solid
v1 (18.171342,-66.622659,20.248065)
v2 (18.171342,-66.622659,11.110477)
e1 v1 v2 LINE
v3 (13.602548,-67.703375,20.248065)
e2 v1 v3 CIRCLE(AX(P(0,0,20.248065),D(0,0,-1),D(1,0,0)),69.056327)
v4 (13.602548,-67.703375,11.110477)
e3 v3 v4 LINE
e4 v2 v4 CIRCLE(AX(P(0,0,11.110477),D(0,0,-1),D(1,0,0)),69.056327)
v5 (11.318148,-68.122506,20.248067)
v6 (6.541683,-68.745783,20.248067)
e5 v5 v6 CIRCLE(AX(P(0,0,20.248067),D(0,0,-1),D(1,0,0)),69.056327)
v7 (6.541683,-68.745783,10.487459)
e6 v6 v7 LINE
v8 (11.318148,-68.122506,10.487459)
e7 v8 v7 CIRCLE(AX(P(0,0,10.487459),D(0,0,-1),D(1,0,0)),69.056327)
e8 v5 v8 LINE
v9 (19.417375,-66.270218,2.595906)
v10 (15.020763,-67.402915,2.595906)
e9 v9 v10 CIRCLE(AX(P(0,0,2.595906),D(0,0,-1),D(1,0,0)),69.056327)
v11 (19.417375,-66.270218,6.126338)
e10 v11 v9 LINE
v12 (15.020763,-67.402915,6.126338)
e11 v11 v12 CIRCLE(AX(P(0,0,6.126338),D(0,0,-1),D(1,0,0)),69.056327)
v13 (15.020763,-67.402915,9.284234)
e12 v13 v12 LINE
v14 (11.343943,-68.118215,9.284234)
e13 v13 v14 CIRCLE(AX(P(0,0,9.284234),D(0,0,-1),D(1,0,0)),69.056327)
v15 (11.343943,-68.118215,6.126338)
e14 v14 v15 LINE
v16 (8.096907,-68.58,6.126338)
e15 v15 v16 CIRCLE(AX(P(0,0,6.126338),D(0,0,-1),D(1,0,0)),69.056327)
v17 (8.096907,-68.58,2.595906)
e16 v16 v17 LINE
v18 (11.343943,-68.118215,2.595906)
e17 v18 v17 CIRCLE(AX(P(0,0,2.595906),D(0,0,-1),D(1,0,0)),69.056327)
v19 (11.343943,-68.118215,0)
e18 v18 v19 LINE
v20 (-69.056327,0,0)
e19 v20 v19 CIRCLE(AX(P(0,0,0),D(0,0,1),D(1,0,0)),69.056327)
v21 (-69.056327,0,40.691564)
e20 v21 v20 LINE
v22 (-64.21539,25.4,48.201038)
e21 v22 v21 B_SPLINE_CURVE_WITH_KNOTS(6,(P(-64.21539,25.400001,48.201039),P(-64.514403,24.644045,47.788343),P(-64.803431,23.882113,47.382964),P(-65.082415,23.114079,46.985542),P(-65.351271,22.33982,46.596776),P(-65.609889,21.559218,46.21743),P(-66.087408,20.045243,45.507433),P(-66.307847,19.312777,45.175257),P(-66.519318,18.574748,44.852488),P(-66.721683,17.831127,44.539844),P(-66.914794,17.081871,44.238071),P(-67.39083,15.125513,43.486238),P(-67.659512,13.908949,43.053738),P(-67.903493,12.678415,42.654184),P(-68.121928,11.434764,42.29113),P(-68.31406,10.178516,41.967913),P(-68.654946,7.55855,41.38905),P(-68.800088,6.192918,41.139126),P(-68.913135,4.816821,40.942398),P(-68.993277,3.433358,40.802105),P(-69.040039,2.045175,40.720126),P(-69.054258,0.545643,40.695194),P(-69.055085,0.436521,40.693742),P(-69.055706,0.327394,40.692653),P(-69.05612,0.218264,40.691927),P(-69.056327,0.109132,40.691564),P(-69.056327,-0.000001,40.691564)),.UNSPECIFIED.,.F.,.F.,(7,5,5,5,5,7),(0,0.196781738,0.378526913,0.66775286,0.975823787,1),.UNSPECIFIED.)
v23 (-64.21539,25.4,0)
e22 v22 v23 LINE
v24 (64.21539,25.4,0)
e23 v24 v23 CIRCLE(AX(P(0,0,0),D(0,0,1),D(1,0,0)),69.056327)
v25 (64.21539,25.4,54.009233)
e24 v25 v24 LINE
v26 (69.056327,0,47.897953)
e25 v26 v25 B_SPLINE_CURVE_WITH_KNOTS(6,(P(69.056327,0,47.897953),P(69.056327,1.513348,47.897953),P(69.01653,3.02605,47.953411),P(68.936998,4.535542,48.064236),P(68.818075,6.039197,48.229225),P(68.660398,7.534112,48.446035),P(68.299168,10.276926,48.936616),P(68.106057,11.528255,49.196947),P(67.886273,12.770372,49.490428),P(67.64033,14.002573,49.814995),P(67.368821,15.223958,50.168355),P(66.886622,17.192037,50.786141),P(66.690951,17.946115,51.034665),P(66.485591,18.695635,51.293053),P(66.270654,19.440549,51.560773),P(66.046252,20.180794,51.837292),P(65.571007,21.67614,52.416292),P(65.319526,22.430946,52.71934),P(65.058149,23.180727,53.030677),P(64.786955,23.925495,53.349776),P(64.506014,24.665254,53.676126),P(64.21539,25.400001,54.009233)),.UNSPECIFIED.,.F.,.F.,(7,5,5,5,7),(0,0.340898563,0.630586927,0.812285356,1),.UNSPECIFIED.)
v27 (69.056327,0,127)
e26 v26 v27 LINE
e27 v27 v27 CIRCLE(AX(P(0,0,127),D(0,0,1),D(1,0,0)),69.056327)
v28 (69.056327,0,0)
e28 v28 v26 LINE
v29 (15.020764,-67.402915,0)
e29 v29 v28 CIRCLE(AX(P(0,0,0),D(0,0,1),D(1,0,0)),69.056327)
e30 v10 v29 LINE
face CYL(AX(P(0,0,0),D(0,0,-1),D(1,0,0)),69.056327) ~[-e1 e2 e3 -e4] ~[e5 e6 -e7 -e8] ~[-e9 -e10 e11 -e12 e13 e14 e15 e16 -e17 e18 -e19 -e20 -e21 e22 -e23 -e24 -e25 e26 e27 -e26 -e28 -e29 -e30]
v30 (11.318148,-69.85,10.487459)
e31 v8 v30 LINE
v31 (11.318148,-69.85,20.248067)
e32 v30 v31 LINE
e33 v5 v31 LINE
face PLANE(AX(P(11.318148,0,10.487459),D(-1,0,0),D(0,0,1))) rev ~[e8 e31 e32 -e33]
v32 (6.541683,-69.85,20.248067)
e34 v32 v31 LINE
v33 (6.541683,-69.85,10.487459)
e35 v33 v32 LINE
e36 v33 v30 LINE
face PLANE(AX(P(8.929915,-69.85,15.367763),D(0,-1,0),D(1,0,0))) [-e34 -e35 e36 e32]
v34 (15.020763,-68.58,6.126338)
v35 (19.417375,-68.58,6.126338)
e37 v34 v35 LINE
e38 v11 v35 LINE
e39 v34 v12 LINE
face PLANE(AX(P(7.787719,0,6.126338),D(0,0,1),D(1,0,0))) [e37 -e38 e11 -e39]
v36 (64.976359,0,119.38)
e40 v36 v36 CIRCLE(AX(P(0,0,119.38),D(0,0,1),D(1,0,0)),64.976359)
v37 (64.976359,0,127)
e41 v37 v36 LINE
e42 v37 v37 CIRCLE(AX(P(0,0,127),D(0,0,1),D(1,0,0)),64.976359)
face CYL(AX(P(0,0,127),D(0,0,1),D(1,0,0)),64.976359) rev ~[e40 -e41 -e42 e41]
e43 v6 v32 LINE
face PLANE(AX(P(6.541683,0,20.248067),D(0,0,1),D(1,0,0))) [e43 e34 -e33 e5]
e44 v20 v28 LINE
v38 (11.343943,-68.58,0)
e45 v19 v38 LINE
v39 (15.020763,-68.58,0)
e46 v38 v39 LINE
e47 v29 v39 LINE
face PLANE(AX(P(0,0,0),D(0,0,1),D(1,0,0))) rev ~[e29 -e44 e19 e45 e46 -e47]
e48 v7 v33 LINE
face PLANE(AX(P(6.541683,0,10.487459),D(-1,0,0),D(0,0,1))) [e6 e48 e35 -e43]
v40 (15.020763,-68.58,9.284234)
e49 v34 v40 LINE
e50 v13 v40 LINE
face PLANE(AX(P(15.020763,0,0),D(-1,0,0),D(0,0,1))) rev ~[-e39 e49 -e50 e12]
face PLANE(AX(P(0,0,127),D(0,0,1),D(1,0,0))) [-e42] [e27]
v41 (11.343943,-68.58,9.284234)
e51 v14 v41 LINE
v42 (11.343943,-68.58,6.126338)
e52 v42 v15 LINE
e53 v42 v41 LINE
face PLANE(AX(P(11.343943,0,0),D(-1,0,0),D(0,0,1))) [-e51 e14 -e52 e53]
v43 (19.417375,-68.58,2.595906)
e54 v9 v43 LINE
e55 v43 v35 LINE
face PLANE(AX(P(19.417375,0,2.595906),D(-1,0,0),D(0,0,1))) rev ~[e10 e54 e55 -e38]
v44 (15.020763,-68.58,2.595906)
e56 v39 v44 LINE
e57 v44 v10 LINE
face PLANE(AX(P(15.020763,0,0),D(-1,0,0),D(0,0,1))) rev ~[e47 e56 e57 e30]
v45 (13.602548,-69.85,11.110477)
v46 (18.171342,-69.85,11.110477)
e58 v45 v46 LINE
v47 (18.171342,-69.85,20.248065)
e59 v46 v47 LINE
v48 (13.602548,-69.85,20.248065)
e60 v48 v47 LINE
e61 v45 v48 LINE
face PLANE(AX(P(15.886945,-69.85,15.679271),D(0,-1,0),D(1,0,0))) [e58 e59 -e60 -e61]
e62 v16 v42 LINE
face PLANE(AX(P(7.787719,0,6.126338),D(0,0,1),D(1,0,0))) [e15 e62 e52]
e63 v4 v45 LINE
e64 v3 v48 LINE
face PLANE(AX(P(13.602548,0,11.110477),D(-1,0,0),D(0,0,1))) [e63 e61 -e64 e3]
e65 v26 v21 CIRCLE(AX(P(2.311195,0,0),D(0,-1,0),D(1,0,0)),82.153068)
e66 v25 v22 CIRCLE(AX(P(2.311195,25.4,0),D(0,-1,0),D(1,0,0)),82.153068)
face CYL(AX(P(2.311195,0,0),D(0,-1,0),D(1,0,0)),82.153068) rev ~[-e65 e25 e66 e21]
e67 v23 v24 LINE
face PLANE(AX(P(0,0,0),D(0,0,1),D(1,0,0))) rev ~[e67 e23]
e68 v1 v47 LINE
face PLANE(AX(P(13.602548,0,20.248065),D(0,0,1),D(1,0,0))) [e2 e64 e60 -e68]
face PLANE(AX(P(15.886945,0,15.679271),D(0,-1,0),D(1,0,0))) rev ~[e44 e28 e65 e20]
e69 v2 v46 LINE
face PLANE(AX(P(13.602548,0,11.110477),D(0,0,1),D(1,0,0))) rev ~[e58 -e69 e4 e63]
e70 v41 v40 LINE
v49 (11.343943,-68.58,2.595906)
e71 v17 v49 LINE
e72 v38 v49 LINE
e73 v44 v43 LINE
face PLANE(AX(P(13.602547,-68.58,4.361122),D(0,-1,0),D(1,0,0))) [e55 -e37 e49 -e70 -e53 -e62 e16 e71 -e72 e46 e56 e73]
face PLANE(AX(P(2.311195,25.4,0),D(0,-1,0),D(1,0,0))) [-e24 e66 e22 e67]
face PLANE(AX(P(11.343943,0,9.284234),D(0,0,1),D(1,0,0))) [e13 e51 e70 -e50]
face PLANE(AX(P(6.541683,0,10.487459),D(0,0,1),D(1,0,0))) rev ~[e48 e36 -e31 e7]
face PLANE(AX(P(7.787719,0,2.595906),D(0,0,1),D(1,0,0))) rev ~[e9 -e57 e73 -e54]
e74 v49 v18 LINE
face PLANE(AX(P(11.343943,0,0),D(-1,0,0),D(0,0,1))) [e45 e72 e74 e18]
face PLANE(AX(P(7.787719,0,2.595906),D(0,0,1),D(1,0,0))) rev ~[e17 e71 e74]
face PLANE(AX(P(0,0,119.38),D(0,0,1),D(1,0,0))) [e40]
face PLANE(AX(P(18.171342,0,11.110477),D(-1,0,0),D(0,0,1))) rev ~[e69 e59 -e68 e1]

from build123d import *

# Parameters (mm, degrees)
F0_R      = 69.056327
F1_DEPTH  = 127
F2_R      = 82.153068
F3_DEPTH  = 25.4
F4_R      = 64.976359
F5_DEPTH  = 7.62
F6_W      = 3.676821
F6_H      = 9.284234
F7_DEPTH  = 68.58
F8_W      = 11.629656
F8_H      = 3.530432
F9_DEPTH  = 68.58
F10_W     = 4.776465
F10_H     = 9.760607
F11_DEPTH = 69.85
F12_W     = 4.568793
F12_H     = 9.137589
F13_DEPTH = 69.85


with BuildPart() as f1:
    # F0 (on Top) → F1 (new body)
    with BuildSketch(Plane.XY):
        Circle(F0_R)
    extrude(amount=F1_DEPTH)

    # F2 (on Front) → F3 (cut)
    with BuildSketch(Plane.XZ):
        with Locations((2.311195, 0)):
            Circle(F2_R)
    extrude(amount=-F3_DEPTH, mode=Mode.SUBTRACT)

    # F4 (on face) → F5 (cut)
    with BuildSketch(Plane.XY.offset(127)):
        Circle(F4_R)
    extrude(amount=-F5_DEPTH, mode=Mode.SUBTRACT)

    # F6 (on Front) → F7 (join)
    with BuildSketch(Plane.XZ):
        with Locations((13.182353, 4.642117)):
            Rectangle(F6_W, F6_H)
    extrude(amount=F7_DEPTH)

    # F8 (on Front) → F9 (join)
    with BuildSketch(Plane.XZ):
        with Locations((13.602547, 4.361122)):
            Rectangle(F8_W, F8_H)
    extrude(amount=F9_DEPTH)

    # F10 (on Front) → F11 (join)
    with BuildSketch(Plane.XZ):
        with Locations((8.929915, 15.367763)):
            Rectangle(F10_W, F10_H)
    extrude(amount=F11_DEPTH)

    # F12 (on Front) → F13 (join)
    with BuildSketch(Plane.XZ):
        with Locations((15.886945, 15.679271)):
            Rectangle(F12_W, F12_H)
    extrude(amount=F13_DEPTH)


solid = f1.part
